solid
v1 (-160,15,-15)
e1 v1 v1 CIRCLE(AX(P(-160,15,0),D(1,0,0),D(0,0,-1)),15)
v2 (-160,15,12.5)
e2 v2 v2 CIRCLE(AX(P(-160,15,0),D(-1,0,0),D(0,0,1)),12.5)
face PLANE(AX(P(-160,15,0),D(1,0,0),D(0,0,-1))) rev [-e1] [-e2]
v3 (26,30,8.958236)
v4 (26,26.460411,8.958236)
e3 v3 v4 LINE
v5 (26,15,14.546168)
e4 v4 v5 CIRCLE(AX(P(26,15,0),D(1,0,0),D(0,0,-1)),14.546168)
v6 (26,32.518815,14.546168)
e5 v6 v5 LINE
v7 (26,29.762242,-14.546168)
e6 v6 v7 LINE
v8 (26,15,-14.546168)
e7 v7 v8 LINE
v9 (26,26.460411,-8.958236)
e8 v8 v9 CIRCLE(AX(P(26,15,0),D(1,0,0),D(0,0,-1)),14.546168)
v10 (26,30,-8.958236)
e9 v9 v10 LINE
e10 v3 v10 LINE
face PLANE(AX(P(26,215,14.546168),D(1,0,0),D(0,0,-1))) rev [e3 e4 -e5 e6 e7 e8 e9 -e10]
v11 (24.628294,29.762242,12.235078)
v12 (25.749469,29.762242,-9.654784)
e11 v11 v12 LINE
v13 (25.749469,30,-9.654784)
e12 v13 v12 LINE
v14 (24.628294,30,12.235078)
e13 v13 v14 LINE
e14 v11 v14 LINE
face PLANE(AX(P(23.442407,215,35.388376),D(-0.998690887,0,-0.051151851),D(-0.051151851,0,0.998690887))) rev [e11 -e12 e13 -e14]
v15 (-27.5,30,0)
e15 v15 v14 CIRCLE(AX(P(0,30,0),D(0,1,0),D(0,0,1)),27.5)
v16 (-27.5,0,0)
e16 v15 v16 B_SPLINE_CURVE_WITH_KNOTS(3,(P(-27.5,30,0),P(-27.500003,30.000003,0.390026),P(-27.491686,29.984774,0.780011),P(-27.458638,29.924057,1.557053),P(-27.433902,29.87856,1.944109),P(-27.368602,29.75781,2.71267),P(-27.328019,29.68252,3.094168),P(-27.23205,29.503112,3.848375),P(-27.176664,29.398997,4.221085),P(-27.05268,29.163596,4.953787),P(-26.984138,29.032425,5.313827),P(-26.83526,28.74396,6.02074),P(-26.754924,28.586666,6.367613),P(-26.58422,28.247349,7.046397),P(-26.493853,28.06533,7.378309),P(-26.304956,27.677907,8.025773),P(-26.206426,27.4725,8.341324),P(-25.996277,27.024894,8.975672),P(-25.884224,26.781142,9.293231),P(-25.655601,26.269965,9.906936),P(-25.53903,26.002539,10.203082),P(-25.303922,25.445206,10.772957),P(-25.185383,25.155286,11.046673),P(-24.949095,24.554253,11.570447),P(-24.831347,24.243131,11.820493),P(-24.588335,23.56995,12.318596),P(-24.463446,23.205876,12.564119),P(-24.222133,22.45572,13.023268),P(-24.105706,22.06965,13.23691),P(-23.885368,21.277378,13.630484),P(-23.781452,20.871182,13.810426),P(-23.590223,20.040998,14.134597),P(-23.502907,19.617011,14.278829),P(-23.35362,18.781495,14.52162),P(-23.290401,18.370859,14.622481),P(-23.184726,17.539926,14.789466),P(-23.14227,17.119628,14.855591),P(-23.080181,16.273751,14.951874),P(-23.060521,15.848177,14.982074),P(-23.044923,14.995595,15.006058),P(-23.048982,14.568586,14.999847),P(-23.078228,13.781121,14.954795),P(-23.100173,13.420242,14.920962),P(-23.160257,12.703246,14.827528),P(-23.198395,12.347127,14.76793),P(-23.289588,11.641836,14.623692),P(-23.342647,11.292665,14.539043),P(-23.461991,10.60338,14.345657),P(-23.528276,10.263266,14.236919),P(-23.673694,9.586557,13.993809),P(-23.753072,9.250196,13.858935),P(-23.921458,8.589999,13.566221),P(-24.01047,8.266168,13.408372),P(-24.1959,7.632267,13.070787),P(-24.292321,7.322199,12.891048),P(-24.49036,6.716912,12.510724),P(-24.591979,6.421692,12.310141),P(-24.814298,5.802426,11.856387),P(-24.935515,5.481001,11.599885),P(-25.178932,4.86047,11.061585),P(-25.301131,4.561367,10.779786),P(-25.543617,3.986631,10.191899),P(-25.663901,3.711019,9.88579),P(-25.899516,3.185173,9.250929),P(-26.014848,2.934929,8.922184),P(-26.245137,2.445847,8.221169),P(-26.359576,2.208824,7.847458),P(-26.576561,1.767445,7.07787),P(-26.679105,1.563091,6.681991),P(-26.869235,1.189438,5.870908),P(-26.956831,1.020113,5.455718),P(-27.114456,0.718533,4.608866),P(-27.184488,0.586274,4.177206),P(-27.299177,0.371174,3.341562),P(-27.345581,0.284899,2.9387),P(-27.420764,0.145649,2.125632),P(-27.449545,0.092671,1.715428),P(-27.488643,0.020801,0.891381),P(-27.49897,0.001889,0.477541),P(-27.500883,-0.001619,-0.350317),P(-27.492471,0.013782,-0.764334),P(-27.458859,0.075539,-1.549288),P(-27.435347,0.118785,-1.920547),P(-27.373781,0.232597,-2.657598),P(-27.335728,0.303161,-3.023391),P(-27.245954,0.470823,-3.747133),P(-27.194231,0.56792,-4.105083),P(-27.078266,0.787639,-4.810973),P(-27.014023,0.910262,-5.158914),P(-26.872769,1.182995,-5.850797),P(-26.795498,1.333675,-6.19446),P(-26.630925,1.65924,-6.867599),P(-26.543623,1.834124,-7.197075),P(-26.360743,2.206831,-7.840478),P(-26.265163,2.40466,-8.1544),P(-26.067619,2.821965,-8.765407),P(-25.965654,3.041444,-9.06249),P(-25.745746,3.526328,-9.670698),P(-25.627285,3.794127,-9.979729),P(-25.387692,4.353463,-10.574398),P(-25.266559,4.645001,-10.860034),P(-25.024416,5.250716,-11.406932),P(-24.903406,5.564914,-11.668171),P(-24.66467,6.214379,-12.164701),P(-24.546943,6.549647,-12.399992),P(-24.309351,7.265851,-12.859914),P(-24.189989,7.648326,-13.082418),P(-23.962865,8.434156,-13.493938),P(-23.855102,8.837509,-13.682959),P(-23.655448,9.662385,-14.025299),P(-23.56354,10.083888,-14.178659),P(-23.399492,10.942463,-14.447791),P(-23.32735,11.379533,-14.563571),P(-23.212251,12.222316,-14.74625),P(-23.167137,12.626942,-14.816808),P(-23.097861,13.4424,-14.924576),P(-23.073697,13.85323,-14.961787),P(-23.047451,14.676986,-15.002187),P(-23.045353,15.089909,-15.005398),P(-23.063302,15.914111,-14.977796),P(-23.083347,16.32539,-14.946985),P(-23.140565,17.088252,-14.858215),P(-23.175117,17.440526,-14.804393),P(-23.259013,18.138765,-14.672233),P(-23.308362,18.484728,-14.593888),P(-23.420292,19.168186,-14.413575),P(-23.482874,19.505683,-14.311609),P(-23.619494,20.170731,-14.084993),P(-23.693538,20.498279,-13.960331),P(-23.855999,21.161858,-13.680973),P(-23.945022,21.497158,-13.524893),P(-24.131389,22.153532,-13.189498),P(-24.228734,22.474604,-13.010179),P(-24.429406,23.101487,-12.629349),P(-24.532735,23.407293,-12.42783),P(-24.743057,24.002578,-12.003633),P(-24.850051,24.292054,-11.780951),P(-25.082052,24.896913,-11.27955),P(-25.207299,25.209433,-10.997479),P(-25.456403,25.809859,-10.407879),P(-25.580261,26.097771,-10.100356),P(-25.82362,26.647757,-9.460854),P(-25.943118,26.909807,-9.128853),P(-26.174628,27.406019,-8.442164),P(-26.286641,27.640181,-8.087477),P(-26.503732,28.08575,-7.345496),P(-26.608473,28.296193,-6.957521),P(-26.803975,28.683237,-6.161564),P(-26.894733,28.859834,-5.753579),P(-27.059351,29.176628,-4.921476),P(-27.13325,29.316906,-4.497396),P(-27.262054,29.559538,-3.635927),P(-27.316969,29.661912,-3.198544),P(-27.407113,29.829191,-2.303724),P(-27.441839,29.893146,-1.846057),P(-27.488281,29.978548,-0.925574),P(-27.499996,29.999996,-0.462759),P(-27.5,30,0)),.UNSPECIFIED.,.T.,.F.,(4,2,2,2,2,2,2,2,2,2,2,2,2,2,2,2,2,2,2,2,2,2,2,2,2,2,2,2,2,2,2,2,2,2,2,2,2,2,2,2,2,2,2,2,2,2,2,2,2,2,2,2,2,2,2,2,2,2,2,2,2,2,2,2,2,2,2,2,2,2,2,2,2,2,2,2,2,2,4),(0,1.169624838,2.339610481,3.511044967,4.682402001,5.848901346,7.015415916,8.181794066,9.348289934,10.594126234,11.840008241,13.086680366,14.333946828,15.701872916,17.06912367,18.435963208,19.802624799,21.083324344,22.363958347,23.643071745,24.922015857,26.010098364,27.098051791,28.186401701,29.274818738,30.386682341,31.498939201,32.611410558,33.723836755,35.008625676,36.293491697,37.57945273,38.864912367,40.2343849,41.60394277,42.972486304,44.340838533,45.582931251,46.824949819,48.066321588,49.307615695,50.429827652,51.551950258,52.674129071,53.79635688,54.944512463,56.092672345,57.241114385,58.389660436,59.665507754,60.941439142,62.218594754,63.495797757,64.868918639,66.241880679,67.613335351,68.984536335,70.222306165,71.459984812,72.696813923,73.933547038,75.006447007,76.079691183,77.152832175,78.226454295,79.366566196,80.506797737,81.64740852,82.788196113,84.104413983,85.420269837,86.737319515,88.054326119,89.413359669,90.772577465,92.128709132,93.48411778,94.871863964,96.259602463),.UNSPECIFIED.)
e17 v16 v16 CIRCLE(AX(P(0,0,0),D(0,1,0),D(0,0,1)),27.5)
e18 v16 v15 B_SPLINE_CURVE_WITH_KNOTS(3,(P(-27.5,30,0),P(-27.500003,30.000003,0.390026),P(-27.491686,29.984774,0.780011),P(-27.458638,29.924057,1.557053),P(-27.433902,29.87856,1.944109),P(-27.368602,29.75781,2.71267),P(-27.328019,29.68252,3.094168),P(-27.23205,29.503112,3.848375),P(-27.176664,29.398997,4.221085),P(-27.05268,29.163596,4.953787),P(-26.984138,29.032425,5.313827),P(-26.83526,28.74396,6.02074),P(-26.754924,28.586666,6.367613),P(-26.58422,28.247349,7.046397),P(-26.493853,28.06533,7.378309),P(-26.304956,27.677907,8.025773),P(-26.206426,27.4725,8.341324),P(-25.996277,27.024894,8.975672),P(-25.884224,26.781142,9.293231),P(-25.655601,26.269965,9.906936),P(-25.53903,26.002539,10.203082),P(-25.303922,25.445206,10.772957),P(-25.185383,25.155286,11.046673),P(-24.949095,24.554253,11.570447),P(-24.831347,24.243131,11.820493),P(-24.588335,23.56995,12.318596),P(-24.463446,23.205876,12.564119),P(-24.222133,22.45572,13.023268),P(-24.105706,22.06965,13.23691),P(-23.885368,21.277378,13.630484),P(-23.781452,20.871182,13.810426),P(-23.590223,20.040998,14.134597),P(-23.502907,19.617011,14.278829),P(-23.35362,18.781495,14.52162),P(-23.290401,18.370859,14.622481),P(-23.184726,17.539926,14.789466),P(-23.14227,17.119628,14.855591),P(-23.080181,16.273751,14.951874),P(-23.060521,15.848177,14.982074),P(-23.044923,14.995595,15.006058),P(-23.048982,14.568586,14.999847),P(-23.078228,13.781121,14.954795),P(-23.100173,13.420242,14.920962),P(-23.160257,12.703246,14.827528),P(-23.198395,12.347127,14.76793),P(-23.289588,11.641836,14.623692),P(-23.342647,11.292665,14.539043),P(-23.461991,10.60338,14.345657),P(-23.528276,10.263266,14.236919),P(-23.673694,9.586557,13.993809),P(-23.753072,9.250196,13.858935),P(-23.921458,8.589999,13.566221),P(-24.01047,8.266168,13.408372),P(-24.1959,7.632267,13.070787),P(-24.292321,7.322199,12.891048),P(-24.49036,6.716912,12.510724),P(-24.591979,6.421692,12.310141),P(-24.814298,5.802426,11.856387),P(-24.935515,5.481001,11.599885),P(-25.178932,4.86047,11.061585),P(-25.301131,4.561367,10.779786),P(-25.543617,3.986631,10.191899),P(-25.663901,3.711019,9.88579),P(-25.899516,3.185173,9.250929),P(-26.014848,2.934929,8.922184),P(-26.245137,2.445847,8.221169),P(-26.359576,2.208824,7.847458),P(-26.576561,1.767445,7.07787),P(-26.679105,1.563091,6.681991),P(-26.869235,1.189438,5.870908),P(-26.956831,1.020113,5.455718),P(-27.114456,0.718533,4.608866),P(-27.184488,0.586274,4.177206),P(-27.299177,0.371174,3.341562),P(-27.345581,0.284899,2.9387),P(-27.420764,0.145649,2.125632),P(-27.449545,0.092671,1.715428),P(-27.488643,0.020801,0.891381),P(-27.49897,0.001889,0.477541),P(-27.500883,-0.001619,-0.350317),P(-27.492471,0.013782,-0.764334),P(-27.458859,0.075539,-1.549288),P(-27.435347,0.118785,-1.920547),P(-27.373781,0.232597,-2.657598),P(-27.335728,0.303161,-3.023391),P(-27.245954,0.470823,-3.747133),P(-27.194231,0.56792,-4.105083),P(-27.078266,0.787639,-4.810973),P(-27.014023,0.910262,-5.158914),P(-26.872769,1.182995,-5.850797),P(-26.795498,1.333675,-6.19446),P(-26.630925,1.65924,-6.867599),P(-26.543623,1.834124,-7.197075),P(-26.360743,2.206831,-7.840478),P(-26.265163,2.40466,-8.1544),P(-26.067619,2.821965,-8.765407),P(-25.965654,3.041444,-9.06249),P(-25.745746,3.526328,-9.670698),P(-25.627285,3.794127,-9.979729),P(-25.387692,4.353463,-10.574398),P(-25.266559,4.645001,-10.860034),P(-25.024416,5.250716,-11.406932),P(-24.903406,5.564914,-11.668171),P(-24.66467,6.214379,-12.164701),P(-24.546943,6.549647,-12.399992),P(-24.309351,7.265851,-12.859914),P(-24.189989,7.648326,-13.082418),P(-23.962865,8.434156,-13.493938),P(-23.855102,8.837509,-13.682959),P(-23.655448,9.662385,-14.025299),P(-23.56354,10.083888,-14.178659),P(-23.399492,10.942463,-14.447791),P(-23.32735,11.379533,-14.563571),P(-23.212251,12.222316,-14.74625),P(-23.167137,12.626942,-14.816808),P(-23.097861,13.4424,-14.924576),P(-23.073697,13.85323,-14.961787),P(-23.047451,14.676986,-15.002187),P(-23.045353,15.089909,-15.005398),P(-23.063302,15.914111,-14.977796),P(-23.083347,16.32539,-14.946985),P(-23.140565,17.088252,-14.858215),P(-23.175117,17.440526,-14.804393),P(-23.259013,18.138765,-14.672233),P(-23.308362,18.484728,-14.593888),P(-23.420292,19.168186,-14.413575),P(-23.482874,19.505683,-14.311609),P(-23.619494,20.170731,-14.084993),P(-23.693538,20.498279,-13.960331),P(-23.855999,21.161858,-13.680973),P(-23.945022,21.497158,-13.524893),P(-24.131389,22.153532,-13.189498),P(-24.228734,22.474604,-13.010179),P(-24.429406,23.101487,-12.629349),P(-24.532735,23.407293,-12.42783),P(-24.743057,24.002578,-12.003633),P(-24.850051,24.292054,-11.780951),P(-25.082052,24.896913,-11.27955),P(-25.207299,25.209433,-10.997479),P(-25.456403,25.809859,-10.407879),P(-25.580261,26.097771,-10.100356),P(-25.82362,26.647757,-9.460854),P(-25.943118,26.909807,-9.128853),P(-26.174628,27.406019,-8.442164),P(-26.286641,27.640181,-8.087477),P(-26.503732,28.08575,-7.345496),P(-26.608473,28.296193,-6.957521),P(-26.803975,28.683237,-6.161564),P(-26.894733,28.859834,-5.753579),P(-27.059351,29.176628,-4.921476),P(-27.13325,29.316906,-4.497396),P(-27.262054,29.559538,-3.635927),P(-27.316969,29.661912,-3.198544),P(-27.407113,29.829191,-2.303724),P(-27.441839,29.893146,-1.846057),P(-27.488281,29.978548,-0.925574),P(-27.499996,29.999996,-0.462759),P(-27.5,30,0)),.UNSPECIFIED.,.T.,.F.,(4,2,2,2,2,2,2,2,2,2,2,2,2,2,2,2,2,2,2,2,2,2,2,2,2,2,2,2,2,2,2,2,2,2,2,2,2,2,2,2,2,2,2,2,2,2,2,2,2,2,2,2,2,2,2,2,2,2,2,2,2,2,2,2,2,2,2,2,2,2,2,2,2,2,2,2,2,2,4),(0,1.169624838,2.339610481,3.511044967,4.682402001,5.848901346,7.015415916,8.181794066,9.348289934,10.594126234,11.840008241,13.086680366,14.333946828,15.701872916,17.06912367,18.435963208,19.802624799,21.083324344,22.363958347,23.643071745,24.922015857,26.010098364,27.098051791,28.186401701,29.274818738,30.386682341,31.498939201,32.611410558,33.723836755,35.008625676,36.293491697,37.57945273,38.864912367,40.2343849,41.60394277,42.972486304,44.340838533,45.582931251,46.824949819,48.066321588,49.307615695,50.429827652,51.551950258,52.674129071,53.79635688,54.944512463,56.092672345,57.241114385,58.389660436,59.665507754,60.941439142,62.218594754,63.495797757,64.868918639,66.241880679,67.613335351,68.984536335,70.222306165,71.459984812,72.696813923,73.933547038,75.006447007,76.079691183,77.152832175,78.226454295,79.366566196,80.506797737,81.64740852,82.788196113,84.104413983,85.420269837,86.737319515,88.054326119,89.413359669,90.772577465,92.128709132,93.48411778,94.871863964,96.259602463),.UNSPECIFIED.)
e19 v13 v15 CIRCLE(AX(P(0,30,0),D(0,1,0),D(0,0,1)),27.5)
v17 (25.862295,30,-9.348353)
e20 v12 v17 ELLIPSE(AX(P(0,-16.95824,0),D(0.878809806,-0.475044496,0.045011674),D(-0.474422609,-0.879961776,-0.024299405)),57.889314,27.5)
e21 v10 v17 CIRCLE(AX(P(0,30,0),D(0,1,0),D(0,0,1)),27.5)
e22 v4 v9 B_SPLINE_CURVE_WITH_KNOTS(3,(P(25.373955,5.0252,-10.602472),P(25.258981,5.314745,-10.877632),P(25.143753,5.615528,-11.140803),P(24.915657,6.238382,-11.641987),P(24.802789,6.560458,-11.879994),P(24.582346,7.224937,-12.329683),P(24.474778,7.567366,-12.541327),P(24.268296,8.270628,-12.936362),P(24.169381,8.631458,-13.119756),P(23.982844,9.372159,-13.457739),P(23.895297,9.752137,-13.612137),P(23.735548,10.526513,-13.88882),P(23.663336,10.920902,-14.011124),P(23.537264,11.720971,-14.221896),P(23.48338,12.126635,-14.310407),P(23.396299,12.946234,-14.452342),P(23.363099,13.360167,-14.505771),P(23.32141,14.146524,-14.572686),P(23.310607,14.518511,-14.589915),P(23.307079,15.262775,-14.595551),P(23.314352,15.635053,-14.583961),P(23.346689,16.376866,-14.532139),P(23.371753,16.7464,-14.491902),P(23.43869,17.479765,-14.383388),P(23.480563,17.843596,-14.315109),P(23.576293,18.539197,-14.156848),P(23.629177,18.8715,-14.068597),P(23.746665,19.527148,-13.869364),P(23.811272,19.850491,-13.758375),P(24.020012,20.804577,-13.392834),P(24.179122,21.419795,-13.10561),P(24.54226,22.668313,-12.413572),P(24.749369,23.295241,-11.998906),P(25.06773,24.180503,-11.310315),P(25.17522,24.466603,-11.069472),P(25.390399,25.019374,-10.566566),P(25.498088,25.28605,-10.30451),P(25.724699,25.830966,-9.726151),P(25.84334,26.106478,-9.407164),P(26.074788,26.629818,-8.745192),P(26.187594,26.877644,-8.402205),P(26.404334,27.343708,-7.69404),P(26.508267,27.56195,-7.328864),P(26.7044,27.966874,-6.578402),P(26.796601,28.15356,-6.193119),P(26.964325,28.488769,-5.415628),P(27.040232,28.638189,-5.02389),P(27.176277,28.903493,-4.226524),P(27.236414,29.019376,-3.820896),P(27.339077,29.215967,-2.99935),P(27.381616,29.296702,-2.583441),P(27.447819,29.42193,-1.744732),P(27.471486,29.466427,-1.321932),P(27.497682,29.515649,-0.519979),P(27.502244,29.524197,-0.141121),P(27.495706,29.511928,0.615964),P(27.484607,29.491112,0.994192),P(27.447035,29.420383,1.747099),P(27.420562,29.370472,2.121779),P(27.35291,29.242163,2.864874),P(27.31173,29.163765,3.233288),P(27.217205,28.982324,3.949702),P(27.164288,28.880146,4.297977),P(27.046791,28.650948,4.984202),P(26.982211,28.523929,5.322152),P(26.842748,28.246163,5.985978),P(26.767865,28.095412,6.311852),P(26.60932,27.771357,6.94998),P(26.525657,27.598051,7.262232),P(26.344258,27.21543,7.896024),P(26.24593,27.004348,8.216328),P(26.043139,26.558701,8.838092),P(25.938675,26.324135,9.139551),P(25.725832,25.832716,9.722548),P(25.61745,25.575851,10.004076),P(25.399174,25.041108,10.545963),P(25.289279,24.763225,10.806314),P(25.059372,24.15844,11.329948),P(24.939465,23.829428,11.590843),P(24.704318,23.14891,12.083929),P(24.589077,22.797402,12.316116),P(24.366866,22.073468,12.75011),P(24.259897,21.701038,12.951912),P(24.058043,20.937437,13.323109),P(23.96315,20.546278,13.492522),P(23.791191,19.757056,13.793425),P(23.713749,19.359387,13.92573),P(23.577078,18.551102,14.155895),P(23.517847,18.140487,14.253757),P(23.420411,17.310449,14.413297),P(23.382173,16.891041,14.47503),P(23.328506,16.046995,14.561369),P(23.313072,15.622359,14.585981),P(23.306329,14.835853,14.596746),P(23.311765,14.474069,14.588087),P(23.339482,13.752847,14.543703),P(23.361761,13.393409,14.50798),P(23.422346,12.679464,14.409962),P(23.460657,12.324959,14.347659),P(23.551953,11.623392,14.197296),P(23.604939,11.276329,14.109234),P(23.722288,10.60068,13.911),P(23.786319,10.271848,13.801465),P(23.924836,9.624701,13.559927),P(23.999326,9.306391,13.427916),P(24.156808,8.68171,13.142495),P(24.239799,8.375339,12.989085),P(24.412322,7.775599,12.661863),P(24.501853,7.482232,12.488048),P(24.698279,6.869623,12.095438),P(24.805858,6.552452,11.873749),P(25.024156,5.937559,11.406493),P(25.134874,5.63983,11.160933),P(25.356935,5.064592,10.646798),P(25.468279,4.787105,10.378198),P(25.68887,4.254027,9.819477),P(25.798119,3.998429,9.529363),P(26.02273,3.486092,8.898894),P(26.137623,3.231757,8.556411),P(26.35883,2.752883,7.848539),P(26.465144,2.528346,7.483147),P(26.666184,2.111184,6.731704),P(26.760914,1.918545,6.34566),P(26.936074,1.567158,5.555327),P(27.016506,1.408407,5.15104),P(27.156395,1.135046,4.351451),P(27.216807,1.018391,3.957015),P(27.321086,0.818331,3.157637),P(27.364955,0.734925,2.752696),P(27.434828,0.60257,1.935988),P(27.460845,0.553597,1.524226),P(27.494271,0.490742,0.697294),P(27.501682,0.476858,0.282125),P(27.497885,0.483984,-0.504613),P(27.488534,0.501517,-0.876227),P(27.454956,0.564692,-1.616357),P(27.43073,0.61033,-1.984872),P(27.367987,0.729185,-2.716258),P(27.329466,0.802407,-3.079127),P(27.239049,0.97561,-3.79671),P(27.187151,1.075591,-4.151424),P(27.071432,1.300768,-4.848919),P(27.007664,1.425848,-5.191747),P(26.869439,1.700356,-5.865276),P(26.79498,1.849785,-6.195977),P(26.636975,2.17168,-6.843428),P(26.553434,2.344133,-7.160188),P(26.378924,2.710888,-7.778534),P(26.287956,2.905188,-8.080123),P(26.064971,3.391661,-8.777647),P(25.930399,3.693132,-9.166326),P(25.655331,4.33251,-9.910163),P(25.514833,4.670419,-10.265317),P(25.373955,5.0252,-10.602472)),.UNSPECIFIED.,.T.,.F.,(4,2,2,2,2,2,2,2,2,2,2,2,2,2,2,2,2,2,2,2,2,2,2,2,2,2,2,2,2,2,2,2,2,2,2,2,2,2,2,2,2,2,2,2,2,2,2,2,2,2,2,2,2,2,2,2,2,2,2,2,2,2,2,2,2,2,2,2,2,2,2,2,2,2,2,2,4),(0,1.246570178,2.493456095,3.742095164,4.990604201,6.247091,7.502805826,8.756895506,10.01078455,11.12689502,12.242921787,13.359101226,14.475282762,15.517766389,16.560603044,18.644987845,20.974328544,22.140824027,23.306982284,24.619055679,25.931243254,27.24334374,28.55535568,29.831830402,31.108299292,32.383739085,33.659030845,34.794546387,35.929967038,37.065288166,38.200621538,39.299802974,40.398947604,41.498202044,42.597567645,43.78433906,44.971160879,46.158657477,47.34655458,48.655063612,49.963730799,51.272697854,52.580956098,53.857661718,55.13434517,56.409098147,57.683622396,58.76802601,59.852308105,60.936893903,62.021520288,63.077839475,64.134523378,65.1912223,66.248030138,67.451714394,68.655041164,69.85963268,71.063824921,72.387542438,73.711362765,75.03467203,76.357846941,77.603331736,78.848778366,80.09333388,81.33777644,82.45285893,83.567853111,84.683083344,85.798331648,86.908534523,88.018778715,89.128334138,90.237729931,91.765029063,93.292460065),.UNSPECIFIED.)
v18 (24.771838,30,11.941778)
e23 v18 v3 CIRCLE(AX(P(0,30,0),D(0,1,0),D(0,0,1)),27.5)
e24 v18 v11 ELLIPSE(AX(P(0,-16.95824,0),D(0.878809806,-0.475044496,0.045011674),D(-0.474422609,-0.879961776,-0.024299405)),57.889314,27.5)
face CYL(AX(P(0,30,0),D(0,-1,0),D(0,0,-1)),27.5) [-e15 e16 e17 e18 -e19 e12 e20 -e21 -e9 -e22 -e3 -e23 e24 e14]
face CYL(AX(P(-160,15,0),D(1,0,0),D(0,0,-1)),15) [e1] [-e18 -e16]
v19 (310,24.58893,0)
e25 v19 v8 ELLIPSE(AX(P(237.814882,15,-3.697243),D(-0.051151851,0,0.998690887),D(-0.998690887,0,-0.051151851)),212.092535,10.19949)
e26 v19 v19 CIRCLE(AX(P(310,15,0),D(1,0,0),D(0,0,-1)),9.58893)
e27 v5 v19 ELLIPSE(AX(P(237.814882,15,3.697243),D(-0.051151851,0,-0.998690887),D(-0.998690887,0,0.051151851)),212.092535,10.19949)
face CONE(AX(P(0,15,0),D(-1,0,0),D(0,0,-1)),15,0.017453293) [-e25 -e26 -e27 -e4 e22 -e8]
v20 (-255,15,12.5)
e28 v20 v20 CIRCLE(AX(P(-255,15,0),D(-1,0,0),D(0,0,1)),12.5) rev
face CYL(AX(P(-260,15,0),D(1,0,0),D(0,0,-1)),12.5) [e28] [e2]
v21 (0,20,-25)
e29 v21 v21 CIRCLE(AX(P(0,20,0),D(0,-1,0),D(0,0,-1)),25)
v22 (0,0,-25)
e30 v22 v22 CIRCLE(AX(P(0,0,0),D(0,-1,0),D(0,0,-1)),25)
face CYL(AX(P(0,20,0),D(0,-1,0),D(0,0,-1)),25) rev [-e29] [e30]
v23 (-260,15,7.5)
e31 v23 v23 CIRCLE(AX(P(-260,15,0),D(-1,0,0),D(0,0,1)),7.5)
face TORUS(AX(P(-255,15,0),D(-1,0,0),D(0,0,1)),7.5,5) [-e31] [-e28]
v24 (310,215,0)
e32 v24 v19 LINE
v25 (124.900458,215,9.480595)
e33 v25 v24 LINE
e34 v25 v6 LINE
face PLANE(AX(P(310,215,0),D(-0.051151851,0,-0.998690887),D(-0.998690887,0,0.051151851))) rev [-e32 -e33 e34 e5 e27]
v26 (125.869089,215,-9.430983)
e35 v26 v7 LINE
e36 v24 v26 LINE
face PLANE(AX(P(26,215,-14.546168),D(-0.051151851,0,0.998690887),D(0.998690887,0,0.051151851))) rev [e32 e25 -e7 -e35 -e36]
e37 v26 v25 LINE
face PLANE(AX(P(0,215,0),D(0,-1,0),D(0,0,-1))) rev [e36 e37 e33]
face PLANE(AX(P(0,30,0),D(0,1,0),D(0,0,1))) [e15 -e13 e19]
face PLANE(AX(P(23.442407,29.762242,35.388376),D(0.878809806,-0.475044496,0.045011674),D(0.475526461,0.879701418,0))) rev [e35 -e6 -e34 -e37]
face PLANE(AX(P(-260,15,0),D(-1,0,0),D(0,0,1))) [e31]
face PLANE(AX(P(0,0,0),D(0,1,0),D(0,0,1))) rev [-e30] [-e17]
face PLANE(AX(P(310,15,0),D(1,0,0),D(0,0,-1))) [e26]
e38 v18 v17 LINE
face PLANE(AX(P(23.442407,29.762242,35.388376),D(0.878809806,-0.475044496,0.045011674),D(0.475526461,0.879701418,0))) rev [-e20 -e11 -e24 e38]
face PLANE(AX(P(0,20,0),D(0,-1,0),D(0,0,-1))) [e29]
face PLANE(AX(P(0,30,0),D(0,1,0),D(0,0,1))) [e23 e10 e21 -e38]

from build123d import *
from build123d.topology import SkipClean

# Parameters (mm, degrees)
SKETCH1_R                     = 27.5
BOSS_EXTRUDE1_DEPTH           = 30
SKETCH4_R                     = 15
BOSS_EXTRUDE3_DEPTH           = 310
BOSS_EXTRUDE3_TAPER           = 1
BOSS_EXTRUDE3_OTHER_WAY_DEPTH = 160
SKETCH5_R                     = 12.5
BOSS_EXTRUDE4_DEPTH           = 100
FILLET1_R                     = 5
BOSS_EXTRUDE5_DEPTH           = 200
SKETCH2_R                     = 25
CUT_EXTRUDE4_DEPTH            = 20
CUT_EXTRUDE6_DEPTH            = 50


with BuildPart() as part:
    # Sketch1 → Boss-Extrude1 (new body)
    with BuildSketch(Plane(origin=(0, 0, 0), x_dir=(1, 0, 0), z_dir=(0, 1, 0))):
        with Locations(Location((0, 0, 0), (0, 0, 270))):
            Circle(SKETCH1_R)
    extrude(amount=BOSS_EXTRUDE1_DEPTH)

    # Sketch4 → Boss-Extrude3 (add)
    with BuildSketch(Plane(origin=(0, 0, 0), x_dir=(0, 0, -1), z_dir=(1, 0, 0))):
        with Locations((0, 15)):
            Circle(SKETCH4_R)
    extrude(amount=BOSS_EXTRUDE3_DEPTH, taper=BOSS_EXTRUDE3_TAPER)

    # Sketch4 → Boss-Extrude3 other way (add)
    with SkipClean():  # the faces are left unmerged after this step: merging them gives an invalid solid
        with BuildSketch(Plane(origin=(0, 0, 0), x_dir=(0, 0, -1), z_dir=(1, 0, 0))):
            with Locations((0, 15)):
                Circle(SKETCH4_R)
        extrude(amount=-BOSS_EXTRUDE3_OTHER_WAY_DEPTH)

    # Sketch5 → Boss-Extrude4 (add)
    with SkipClean():  # the faces are left unmerged after this step: merging them gives an invalid solid
        with BuildSketch(Plane.ZY.offset(160)):
            with Locations((0, 15)):
                Circle(SKETCH5_R)
        extrude(amount=BOSS_EXTRUDE4_DEPTH)

    # Fillet1
    fillet1_edges = [part.edges().sort_by_distance(p)[0] for p in [
        (-260, 15, -12.5),
    ]]
    fillet(fillet1_edges, radius=FILLET1_R)

    # Sketch7 → Boss-Extrude5 (add)
    with SkipClean():  # the faces are left unmerged after this step: merging them gives an invalid solid
        with BuildSketch(Plane(origin=(0, 15, 0), x_dir=(1, 0, 0), z_dir=(0, 1, 0))):
            Polygon((26, -14.546168312), (26, 14.546168312), (310, 0), align=None)
        extrude(amount=BOSS_EXTRUDE5_DEPTH)

    # Sketch2 → Cut-Extrude4 (cut)
    with SkipClean():  # the faces are left unmerged after this step: merging them gives an invalid solid
        with BuildSketch(Plane.XZ):
            with Locations(Location((0, 0, 0), (0, 0, 270))):
                Circle(SKETCH2_R)
        extrude(amount=-CUT_EXTRUDE4_DEPTH, mode=Mode.SUBTRACT)

    # Sketch9 → Cut-Extrude6 (cut)
    with SkipClean():  # the faces are left unmerged after this step: merging them gives an invalid solid
        with BuildSketch(Plane(origin=(0.811118683, 0, -15.836315168), x_dir=(-0.9986908871720133, 0, -0.0511518511842649), z_dir=(0.0511518511842649, 0, -0.9986908871720134))):
            Polygon((-25.22189963, 29.762241759), (-125.22189963, 215), (-25.22189963, 215), align=None)
        extrude(amount=-CUT_EXTRUDE6_DEPTH, mode=Mode.SUBTRACT)


solid = part.part
